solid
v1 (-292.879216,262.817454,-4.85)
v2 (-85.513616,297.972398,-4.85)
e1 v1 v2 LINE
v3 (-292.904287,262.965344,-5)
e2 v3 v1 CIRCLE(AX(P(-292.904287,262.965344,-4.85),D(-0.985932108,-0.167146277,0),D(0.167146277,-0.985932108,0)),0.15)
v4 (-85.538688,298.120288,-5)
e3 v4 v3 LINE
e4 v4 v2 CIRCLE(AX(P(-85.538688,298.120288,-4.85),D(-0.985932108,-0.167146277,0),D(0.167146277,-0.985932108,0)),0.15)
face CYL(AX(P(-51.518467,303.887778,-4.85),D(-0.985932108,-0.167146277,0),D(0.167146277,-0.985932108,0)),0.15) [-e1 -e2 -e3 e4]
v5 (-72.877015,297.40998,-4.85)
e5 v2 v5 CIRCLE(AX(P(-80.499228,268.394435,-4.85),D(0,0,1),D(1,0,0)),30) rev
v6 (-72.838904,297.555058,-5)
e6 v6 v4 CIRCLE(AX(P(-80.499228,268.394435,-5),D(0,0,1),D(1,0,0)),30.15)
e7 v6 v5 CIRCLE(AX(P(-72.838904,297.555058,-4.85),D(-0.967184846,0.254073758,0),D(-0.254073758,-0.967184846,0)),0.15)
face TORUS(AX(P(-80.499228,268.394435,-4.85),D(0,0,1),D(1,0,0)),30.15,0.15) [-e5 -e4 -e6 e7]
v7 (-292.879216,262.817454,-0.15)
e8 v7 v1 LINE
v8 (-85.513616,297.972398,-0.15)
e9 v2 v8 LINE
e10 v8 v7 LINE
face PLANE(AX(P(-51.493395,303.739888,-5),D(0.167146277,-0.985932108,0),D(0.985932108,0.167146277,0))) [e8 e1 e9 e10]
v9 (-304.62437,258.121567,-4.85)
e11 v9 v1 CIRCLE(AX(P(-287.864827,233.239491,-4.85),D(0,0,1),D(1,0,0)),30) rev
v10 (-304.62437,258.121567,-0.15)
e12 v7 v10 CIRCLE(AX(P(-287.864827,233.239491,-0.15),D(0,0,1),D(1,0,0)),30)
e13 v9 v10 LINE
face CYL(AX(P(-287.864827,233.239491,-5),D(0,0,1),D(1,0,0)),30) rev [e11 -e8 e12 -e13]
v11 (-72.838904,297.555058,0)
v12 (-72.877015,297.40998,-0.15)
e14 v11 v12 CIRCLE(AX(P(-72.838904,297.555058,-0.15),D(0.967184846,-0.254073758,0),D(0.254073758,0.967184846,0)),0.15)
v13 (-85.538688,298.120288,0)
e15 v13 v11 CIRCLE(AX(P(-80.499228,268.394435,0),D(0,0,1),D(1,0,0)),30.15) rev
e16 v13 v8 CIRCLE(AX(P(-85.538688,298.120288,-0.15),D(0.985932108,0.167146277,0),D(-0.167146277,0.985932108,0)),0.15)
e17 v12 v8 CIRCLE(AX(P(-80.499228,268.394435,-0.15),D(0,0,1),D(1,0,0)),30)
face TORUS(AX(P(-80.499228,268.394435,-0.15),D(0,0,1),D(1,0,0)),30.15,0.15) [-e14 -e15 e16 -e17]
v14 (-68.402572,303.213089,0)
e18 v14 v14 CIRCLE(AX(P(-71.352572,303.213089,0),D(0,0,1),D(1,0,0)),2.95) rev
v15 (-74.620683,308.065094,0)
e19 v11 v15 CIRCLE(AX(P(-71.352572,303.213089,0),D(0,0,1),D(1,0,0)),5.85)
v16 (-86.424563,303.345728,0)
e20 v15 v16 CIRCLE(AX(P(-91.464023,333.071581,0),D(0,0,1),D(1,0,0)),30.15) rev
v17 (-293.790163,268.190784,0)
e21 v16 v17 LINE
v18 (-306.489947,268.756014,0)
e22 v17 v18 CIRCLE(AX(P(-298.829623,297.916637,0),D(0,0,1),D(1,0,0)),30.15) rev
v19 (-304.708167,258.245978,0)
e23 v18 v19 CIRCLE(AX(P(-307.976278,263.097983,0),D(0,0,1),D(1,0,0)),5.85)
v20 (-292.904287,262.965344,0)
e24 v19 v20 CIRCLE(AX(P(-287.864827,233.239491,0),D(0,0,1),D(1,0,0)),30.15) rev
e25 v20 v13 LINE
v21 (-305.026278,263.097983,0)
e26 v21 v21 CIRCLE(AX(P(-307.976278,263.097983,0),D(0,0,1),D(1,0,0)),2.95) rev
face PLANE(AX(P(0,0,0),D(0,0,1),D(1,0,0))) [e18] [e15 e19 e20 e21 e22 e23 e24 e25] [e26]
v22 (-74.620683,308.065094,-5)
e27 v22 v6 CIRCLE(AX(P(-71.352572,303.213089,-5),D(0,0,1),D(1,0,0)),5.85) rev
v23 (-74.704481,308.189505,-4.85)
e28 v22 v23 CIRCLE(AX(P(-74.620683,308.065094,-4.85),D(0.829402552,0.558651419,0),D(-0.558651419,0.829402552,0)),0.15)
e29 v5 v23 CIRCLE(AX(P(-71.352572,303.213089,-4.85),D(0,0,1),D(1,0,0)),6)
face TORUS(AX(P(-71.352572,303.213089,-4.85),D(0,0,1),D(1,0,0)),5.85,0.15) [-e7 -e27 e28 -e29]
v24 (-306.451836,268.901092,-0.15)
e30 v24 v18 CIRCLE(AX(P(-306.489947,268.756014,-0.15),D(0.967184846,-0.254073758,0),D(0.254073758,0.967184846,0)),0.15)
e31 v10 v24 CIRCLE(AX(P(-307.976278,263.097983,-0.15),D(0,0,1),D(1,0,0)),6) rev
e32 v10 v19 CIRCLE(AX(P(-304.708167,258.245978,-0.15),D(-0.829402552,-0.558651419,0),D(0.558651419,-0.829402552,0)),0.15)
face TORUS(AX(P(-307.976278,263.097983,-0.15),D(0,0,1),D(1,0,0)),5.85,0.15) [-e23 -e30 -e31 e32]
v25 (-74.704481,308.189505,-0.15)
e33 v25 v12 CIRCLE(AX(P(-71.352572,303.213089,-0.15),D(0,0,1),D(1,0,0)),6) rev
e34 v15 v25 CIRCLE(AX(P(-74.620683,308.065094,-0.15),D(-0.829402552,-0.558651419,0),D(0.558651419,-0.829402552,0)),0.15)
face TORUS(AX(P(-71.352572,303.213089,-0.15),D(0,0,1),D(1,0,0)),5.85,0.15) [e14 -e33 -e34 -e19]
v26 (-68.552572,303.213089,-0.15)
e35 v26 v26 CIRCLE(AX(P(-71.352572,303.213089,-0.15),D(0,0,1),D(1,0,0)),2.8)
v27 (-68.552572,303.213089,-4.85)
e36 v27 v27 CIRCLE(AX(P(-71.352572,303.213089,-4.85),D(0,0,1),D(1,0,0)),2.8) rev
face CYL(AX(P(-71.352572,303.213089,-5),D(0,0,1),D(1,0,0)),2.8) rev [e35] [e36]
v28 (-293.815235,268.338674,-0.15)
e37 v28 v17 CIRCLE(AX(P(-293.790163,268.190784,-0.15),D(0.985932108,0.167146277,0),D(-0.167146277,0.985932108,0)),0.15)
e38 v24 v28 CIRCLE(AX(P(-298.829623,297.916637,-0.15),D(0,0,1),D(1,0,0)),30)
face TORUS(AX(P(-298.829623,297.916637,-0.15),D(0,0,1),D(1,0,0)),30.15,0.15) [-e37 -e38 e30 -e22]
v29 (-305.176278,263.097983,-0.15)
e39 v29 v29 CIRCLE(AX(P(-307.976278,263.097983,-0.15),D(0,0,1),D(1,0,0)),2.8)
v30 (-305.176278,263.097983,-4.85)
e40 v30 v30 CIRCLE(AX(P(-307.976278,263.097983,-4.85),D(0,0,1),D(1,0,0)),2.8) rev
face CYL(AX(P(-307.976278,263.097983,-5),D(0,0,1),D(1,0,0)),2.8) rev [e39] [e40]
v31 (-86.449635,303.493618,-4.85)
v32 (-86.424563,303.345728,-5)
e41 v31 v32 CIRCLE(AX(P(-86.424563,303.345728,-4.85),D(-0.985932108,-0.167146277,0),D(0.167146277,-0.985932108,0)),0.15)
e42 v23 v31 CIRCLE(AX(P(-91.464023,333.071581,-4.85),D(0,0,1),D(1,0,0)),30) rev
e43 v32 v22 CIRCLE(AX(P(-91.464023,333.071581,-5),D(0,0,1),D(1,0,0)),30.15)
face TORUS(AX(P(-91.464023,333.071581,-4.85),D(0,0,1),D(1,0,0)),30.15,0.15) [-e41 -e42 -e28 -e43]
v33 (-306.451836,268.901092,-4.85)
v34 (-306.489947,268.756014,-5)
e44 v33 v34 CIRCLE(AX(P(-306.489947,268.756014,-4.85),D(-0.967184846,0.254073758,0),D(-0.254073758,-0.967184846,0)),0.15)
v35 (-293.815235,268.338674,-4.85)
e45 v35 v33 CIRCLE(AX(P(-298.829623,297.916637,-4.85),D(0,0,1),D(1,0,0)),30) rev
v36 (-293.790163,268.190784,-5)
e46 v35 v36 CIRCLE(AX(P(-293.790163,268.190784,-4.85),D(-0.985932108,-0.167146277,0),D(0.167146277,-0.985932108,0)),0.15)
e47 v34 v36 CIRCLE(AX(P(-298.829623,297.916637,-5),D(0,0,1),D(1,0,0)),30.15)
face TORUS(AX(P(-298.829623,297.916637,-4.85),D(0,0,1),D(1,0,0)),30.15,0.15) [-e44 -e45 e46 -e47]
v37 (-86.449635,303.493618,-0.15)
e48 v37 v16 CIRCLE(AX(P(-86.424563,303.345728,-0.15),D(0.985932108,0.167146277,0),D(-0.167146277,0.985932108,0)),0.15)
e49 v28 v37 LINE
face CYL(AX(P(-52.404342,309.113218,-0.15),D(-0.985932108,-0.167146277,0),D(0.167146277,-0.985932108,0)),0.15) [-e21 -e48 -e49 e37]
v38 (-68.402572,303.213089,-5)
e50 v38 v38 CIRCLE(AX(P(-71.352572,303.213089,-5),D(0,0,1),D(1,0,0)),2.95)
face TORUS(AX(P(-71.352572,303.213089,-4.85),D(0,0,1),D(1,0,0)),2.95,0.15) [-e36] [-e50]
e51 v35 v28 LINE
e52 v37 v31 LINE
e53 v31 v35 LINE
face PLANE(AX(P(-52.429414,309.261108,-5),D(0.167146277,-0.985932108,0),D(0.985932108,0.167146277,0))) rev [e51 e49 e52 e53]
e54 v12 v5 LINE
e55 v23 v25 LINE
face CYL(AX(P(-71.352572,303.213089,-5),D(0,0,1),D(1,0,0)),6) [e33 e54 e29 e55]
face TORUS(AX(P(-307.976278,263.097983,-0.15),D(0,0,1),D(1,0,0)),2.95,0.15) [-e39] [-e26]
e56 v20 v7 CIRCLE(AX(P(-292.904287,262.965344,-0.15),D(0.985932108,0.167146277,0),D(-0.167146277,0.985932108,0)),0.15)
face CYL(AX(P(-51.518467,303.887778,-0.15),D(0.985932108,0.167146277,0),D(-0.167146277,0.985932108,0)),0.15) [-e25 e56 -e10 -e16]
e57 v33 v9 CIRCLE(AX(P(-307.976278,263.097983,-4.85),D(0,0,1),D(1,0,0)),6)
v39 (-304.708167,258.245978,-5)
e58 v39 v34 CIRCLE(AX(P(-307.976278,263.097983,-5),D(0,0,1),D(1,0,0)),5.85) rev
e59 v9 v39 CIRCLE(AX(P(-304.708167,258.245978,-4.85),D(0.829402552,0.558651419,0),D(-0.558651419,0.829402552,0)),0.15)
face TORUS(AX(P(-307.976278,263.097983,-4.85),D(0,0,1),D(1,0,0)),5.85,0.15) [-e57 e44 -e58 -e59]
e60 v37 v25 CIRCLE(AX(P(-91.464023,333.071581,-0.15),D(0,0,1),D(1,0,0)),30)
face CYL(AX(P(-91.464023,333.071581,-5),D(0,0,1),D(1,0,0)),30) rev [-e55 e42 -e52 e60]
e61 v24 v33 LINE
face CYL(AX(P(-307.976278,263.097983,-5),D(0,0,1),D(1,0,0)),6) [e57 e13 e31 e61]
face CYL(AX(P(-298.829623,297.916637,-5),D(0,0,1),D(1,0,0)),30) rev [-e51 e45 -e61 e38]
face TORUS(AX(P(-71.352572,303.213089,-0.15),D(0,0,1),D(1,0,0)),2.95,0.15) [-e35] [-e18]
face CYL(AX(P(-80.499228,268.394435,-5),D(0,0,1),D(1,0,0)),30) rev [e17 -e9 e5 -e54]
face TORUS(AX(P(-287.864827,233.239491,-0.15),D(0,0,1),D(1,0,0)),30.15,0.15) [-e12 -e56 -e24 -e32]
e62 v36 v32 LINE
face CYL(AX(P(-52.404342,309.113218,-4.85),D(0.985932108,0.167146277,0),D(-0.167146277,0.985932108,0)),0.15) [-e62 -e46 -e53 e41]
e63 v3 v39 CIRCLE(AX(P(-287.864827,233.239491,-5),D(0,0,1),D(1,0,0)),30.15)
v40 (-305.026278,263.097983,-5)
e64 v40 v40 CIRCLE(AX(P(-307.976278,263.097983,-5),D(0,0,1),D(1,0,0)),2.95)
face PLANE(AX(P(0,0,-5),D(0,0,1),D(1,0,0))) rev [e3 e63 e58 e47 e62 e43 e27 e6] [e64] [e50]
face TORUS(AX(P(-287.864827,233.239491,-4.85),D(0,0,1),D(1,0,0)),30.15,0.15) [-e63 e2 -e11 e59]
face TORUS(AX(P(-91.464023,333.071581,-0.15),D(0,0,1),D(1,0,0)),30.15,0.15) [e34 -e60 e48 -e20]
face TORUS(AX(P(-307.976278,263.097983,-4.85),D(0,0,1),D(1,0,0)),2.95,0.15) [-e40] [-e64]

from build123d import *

# Parameters (mm, degrees)
BOSS_EXTRUDE1_DEPTH = 5
FILLET1_R           = 30
FILLET2_R           = 0.15


with BuildPart() as part:
    # Sketch1 → Boss-Extrude1 (new body)
    with BuildSketch(Plane.XY):
        with BuildLine():
            ThreePointArc((-307.508268688, 260.337372781), (-310.736888168, 262.629973107), (-308.444287841, 265.858592586))
            Line((-308.444287841, 265.858592586), (-303.212340846, 266.745570965))
            ThreePointArc((-303.212340846, 266.745570965), (-313.891870914, 262.09510502), (-302.276321694, 261.22435116))
            Line((-302.276321694, 261.22435116), (-307.508268688, 260.337372781))
        make_face()
        with BuildLine():
            Line((-303.212340846, 266.745570965), (-308.444287841, 265.858592586))
            ThreePointArc((-308.444287841, 265.858592586), (-305.215668362, 263.56599226), (-307.508268688, 260.337372781))
            Line((-307.508268688, 260.337372781), (-302.276321694, 261.22435116))
            ThreePointArc((-302.276321694, 261.22435116), (-302.051763963, 262.149230721), (-301.976278265, 263.097982683))
            ThreePointArc((-301.976278265, 263.097982683), (-302.293689748, 265.023648217), (-303.212340846, 266.745570965))
        make_face()
        with BuildLine():
            ThreePointArc((-65.352572296, 303.213089234), (-70.403820333, 309.137603536), (-77.052528867, 305.086720758))
            Line((-77.052528867, 305.086720758), (-71.820581872, 305.973699137))
            ThreePointArc((-71.820581872, 305.973699137), (-68.591962393, 303.68109881), (-70.884562719, 300.452479331))
            Line((-70.884562719, 300.452479331), (-76.116509714, 299.565500952))
            ThreePointArc((-76.116509714, 299.565500952), (-69.426906763, 297.530500717), (-65.352572296, 303.213089234))
        make_face()
        with BuildLine():
            Line((-71.820581872, 305.973699137), (-77.052528867, 305.086720758))
            ThreePointArc((-77.052528867, 305.086720758), (-77.268164945, 302.21021157), (-76.116509714, 299.565500952))
            Line((-76.116509714, 299.565500952), (-70.884562719, 300.452479331))
            ThreePointArc((-70.884562719, 300.452479331), (-74.113182199, 302.745079658), (-71.820581872, 305.973699137))
        make_face()
        with BuildLine():
            Line((-77.052528867, 305.086720758), (-303.212340846, 266.745570965))
            ThreePointArc((-303.212340846, 266.745570965), (-302.293689748, 265.023648217), (-301.976278265, 263.097982683))
            ThreePointArc((-301.976278265, 263.097982683), (-302.051763963, 262.149230721), (-302.276321694, 261.22435116))
            Line((-302.276321694, 261.22435116), (-76.116509714, 299.565500952))
            ThreePointArc((-76.116509714, 299.565500952), (-77.268164945, 302.21021157), (-77.052528867, 305.086720758))
        make_face()
    extrude(amount=-BOSS_EXTRUDE1_DEPTH)

    # Fillet1
    fillet1_edges = [part.edges().sort_by_distance(p)[0] for p in [
        (-303.212340846, 266.745570965, -2.5),
        (-77.052528867, 305.086720758, -2.5),
        (-76.116509714, 299.565500952, -2.5),
        (-302.276321694, 261.22435116, -2.5),
    ]]
    fillet(fillet1_edges, radius=FILLET1_R)

    # Fillet2
    fillet2_edges = [part.edges().sort_by_distance(p)[0] for p in [
        (-71.820581872, 305.973699137, 0),
        (-313.891870914, 262.09510502, 0),
        (-313.891870914, 262.09510502, -5),
        (-189.196415704, 280.394926056, 0),
        (-189.196415704, 280.394926056, -5),
        (-65.436979647, 304.215966898, 0),
        (-65.436979647, 304.215966898, -5),
        (-190.132434857, 285.916145862, 0),
        (-190.132434857, 285.916145862, -5),
        (-299.0021004, 261.095569977, 0),
        (-299.0021004, 261.095569977, -5),
        (-79.165336458, 298.364765695, 0),
        (-308.444287841, 265.858592586, -5),
        (-79.165336458, 298.364765695, -5),
        (-80.326750161, 305.21550194, 0),
        (-80.326750161, 305.21550194, -5),
        (-300.163514102, 267.946306222, 0),
        (-300.163514102, 267.946306222, -5),
        (-71.820581872, 305.973699137, -5),
        (-308.444287841, 265.858592586, 0),
    ]]
    fillet(fillet2_edges, radius=FILLET2_R)


solid = part.part
